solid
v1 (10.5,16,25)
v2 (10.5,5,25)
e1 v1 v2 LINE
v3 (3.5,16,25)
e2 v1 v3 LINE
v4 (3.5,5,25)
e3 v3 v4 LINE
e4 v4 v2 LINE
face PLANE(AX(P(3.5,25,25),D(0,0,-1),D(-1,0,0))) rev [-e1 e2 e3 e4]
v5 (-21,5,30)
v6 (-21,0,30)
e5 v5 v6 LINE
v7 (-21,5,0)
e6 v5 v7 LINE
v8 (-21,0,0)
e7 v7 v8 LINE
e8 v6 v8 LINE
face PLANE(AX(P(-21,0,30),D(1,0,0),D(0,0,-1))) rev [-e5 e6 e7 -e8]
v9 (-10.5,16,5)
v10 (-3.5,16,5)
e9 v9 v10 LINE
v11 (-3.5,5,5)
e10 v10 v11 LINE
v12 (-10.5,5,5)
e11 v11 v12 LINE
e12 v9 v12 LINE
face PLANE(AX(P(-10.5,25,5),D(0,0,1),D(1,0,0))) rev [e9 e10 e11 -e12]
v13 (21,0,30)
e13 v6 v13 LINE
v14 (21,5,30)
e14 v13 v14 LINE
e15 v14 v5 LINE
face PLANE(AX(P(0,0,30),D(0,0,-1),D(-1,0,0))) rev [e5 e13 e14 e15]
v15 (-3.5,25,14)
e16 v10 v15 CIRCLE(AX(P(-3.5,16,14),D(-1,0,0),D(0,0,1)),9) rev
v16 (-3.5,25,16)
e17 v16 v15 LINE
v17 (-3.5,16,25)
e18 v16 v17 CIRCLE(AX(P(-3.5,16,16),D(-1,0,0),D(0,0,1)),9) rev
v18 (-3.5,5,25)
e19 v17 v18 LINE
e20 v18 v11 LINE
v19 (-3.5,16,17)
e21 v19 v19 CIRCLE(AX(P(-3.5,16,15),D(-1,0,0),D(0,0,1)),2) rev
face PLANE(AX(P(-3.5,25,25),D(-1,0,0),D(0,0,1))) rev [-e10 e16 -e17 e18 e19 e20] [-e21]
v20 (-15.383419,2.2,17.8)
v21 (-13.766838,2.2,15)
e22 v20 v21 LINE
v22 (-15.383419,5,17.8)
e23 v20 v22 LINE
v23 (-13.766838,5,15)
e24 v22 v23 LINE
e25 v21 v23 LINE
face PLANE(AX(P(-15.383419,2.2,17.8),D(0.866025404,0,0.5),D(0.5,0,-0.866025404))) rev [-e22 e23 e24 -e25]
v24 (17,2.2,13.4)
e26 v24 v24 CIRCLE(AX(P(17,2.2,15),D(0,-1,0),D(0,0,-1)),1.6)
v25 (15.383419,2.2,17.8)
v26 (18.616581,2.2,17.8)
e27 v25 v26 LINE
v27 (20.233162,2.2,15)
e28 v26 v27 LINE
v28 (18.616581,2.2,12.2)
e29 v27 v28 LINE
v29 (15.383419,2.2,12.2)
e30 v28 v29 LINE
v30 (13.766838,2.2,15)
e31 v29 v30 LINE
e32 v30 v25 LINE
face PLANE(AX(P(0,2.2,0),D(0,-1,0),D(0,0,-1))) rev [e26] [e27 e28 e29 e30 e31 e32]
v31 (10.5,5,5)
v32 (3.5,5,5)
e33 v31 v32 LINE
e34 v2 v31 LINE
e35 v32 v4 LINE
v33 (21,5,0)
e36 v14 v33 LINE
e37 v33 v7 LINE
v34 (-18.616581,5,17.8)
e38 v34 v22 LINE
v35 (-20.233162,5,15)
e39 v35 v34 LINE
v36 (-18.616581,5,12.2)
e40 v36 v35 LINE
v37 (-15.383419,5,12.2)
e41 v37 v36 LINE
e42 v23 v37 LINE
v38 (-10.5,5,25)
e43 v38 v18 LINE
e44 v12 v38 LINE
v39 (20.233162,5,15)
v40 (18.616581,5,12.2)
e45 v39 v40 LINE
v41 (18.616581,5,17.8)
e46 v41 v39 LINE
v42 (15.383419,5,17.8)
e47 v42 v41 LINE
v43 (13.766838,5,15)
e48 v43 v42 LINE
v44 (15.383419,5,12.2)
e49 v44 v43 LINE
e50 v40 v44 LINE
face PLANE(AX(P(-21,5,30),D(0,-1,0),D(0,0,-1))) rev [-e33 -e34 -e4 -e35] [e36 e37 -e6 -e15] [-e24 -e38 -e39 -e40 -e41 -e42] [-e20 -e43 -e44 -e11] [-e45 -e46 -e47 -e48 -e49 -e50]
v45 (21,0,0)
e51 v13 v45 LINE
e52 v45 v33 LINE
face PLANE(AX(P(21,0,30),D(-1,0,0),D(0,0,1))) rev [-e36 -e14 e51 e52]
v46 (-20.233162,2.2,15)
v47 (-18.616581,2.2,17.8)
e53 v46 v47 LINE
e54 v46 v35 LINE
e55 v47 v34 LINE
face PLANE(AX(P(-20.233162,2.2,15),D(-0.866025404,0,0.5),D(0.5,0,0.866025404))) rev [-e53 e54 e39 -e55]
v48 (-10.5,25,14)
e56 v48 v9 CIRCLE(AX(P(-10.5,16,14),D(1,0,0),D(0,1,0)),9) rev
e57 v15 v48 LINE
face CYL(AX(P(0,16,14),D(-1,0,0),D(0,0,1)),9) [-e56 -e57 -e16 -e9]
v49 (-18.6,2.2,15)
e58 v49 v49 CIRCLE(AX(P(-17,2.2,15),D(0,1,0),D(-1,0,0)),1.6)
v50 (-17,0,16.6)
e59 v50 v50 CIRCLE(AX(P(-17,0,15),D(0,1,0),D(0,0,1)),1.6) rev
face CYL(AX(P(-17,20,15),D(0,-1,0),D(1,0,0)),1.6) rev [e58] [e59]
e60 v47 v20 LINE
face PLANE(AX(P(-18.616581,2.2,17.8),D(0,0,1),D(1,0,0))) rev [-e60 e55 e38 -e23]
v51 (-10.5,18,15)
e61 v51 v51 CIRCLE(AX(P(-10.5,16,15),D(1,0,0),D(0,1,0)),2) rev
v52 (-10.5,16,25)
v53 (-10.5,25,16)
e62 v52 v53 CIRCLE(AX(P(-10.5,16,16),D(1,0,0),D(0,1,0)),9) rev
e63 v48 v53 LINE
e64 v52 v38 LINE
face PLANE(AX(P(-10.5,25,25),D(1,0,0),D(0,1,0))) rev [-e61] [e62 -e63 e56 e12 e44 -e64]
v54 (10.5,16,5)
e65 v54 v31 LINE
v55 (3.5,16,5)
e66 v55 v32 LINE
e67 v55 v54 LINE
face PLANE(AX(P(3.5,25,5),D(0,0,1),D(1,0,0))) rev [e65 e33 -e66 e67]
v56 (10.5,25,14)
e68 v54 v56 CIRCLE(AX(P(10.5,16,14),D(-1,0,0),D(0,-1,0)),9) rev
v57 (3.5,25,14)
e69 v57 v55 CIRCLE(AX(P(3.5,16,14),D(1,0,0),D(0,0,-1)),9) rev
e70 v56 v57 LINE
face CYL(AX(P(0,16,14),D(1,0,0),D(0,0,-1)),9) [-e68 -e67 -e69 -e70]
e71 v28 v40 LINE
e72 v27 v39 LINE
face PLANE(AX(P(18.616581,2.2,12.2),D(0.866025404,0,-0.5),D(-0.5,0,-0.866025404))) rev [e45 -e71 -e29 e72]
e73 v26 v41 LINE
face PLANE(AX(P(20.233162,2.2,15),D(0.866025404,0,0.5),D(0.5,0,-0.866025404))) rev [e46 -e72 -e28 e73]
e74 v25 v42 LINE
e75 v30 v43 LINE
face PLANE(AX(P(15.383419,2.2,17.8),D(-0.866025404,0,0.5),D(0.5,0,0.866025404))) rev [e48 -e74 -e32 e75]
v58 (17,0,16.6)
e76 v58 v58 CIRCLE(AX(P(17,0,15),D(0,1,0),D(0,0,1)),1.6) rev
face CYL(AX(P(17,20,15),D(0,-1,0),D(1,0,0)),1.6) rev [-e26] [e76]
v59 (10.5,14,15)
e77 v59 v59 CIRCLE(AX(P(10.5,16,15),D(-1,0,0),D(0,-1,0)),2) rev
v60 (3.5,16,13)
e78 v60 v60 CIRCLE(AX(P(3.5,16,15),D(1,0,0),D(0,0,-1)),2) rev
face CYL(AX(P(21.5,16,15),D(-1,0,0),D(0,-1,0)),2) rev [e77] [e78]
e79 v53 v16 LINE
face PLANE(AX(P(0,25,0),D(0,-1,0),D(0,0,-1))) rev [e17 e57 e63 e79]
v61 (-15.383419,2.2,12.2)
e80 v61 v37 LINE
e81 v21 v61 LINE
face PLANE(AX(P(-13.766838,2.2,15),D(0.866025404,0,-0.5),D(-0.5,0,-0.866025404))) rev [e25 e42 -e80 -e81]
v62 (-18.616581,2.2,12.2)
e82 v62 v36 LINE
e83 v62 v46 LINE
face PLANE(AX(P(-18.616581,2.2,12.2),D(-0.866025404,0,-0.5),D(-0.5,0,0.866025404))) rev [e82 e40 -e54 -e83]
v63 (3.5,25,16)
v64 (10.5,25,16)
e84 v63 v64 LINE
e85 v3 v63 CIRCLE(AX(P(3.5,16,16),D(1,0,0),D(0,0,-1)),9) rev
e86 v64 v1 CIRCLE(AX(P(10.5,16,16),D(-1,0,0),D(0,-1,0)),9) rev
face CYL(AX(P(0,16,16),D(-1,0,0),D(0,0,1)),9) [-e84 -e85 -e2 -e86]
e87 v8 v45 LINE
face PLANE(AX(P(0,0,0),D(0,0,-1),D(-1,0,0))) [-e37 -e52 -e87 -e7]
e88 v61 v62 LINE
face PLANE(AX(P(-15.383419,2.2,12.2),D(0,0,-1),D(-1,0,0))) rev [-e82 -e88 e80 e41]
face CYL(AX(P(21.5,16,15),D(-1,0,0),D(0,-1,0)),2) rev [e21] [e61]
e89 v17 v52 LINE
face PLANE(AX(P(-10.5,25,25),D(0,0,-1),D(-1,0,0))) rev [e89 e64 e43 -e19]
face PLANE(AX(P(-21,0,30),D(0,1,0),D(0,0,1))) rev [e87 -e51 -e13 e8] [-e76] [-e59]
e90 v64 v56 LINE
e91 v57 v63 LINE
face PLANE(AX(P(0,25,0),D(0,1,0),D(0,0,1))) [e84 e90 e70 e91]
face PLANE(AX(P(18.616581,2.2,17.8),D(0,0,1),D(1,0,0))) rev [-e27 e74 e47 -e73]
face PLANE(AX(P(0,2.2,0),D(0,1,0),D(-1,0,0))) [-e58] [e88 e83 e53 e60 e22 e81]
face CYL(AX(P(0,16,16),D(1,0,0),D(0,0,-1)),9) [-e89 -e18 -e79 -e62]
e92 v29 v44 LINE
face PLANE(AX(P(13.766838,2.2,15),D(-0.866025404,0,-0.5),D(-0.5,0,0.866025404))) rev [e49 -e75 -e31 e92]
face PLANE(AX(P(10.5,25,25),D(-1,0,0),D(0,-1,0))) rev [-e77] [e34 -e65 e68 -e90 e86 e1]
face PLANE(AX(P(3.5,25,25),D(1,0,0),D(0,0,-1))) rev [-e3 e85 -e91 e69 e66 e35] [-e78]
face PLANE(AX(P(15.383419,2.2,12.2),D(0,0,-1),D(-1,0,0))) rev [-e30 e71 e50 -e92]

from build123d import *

# Parameters (mm, degrees)
CROQUIS1_W                 = 42
CROQUIS1_H                 = 5
SALIENTE_EXTRUIR1_DEPTH    = 30
CORTAR_EXTRUIR1_DEPTH      = 15
CORTAR_EXTRUIR1_DEPTH_BACK = 21
CROQUIS2_R                 = 1.6
CORTAR_EXTRUIR2_DEPTH      = 2.8
CROQUIS4_W                 = 7
CROQUIS4_H                 = 20
SALIENTE_EXTRUIR2_DEPTH    = 20
REDONDEO1_R                = 9
CORTAR_EXTRUIR3_DEPTH      = 11
CORTAR_EXTRUIR3_DEPTH_BACK = 23
CROQUIS5_R                 = 2


with BuildPart() as part:
    # Croquis1 → Saliente-Extruir1 (new body)
    with BuildSketch(Plane.XY):
        with Locations((0, 2.5)):
            Rectangle(CROQUIS1_W, CROQUIS1_H)
    extrude(amount=SALIENTE_EXTRUIR1_DEPTH)

    # Croquis2 → Cortar-Extruir1 (cut, two sides: drawn at the far end of the back side and taken through both)
    with BuildSketch(Plane(origin=(0, 5, 0), x_dir=(1, 0, 0), z_dir=(0, 1, 0)).offset(-CORTAR_EXTRUIR1_DEPTH_BACK)):
        with Locations((-17, -15)):
            Circle(CROQUIS2_R)
        with Locations((17, -15)):
            Circle(CROQUIS2_R)
    extrude(amount=CORTAR_EXTRUIR1_DEPTH + CORTAR_EXTRUIR1_DEPTH_BACK, mode=Mode.SUBTRACT)

    # Croquis3 → Cortar-Extruir2 (cut)
    with BuildSketch(Plane(origin=(0, 5, 0), x_dir=(1, 0, 0), z_dir=(0, 1, 0))):
        Polygon((15.383419246, -17.8), (13.766838493, -15), (15.383419246, -12.2), (18.616580754, -12.2), (20.233161507, -15), (18.616580754, -17.8), align=None)
        Polygon((-13.766838493, -15), (-15.383419246, -12.2), (-18.616580754, -12.2), (-20.233161507, -15), (-18.616580754, -17.8), (-15.383419246, -17.8), align=None)
    extrude(amount=-CORTAR_EXTRUIR2_DEPTH, mode=Mode.SUBTRACT)

    # Croquis4 → Saliente-Extruir2 (add)
    with BuildSketch(Plane(origin=(0, 5, 0), x_dir=(1, 0, 0), z_dir=(0, 1, 0))):
        with Locations((-7, -15)):
            Rectangle(CROQUIS4_W, CROQUIS4_H)
        with Locations((7, -15)):
            Rectangle(CROQUIS4_W, CROQUIS4_H)
    extrude(amount=SALIENTE_EXTRUIR2_DEPTH)

    # Redondeo1
    redondeo1_edges = [part.edges().sort_by_distance(p)[0] for p in [
        (7, 25, 5),
        (7, 25, 25),
        (-7, 25, 25),
        (-7, 25, 5),
    ]]
    fillet(redondeo1_edges, radius=REDONDEO1_R)

    # Croquis5 → Cortar-Extruir3 (cut, two sides: drawn at the far end of the back side and taken through both)
    with BuildSketch(Plane(origin=(10.5, 0, 0), x_dir=(0, 0, -1), z_dir=(1, 0, 0)).offset(-CORTAR_EXTRUIR3_DEPTH_BACK)):
        with Locations(Location((-15, 16, 0), (0, 0, 180))):
            Circle(CROQUIS5_R)
    extrude(amount=CORTAR_EXTRUIR3_DEPTH + CORTAR_EXTRUIR3_DEPTH_BACK, mode=Mode.SUBTRACT)


solid = part.part
